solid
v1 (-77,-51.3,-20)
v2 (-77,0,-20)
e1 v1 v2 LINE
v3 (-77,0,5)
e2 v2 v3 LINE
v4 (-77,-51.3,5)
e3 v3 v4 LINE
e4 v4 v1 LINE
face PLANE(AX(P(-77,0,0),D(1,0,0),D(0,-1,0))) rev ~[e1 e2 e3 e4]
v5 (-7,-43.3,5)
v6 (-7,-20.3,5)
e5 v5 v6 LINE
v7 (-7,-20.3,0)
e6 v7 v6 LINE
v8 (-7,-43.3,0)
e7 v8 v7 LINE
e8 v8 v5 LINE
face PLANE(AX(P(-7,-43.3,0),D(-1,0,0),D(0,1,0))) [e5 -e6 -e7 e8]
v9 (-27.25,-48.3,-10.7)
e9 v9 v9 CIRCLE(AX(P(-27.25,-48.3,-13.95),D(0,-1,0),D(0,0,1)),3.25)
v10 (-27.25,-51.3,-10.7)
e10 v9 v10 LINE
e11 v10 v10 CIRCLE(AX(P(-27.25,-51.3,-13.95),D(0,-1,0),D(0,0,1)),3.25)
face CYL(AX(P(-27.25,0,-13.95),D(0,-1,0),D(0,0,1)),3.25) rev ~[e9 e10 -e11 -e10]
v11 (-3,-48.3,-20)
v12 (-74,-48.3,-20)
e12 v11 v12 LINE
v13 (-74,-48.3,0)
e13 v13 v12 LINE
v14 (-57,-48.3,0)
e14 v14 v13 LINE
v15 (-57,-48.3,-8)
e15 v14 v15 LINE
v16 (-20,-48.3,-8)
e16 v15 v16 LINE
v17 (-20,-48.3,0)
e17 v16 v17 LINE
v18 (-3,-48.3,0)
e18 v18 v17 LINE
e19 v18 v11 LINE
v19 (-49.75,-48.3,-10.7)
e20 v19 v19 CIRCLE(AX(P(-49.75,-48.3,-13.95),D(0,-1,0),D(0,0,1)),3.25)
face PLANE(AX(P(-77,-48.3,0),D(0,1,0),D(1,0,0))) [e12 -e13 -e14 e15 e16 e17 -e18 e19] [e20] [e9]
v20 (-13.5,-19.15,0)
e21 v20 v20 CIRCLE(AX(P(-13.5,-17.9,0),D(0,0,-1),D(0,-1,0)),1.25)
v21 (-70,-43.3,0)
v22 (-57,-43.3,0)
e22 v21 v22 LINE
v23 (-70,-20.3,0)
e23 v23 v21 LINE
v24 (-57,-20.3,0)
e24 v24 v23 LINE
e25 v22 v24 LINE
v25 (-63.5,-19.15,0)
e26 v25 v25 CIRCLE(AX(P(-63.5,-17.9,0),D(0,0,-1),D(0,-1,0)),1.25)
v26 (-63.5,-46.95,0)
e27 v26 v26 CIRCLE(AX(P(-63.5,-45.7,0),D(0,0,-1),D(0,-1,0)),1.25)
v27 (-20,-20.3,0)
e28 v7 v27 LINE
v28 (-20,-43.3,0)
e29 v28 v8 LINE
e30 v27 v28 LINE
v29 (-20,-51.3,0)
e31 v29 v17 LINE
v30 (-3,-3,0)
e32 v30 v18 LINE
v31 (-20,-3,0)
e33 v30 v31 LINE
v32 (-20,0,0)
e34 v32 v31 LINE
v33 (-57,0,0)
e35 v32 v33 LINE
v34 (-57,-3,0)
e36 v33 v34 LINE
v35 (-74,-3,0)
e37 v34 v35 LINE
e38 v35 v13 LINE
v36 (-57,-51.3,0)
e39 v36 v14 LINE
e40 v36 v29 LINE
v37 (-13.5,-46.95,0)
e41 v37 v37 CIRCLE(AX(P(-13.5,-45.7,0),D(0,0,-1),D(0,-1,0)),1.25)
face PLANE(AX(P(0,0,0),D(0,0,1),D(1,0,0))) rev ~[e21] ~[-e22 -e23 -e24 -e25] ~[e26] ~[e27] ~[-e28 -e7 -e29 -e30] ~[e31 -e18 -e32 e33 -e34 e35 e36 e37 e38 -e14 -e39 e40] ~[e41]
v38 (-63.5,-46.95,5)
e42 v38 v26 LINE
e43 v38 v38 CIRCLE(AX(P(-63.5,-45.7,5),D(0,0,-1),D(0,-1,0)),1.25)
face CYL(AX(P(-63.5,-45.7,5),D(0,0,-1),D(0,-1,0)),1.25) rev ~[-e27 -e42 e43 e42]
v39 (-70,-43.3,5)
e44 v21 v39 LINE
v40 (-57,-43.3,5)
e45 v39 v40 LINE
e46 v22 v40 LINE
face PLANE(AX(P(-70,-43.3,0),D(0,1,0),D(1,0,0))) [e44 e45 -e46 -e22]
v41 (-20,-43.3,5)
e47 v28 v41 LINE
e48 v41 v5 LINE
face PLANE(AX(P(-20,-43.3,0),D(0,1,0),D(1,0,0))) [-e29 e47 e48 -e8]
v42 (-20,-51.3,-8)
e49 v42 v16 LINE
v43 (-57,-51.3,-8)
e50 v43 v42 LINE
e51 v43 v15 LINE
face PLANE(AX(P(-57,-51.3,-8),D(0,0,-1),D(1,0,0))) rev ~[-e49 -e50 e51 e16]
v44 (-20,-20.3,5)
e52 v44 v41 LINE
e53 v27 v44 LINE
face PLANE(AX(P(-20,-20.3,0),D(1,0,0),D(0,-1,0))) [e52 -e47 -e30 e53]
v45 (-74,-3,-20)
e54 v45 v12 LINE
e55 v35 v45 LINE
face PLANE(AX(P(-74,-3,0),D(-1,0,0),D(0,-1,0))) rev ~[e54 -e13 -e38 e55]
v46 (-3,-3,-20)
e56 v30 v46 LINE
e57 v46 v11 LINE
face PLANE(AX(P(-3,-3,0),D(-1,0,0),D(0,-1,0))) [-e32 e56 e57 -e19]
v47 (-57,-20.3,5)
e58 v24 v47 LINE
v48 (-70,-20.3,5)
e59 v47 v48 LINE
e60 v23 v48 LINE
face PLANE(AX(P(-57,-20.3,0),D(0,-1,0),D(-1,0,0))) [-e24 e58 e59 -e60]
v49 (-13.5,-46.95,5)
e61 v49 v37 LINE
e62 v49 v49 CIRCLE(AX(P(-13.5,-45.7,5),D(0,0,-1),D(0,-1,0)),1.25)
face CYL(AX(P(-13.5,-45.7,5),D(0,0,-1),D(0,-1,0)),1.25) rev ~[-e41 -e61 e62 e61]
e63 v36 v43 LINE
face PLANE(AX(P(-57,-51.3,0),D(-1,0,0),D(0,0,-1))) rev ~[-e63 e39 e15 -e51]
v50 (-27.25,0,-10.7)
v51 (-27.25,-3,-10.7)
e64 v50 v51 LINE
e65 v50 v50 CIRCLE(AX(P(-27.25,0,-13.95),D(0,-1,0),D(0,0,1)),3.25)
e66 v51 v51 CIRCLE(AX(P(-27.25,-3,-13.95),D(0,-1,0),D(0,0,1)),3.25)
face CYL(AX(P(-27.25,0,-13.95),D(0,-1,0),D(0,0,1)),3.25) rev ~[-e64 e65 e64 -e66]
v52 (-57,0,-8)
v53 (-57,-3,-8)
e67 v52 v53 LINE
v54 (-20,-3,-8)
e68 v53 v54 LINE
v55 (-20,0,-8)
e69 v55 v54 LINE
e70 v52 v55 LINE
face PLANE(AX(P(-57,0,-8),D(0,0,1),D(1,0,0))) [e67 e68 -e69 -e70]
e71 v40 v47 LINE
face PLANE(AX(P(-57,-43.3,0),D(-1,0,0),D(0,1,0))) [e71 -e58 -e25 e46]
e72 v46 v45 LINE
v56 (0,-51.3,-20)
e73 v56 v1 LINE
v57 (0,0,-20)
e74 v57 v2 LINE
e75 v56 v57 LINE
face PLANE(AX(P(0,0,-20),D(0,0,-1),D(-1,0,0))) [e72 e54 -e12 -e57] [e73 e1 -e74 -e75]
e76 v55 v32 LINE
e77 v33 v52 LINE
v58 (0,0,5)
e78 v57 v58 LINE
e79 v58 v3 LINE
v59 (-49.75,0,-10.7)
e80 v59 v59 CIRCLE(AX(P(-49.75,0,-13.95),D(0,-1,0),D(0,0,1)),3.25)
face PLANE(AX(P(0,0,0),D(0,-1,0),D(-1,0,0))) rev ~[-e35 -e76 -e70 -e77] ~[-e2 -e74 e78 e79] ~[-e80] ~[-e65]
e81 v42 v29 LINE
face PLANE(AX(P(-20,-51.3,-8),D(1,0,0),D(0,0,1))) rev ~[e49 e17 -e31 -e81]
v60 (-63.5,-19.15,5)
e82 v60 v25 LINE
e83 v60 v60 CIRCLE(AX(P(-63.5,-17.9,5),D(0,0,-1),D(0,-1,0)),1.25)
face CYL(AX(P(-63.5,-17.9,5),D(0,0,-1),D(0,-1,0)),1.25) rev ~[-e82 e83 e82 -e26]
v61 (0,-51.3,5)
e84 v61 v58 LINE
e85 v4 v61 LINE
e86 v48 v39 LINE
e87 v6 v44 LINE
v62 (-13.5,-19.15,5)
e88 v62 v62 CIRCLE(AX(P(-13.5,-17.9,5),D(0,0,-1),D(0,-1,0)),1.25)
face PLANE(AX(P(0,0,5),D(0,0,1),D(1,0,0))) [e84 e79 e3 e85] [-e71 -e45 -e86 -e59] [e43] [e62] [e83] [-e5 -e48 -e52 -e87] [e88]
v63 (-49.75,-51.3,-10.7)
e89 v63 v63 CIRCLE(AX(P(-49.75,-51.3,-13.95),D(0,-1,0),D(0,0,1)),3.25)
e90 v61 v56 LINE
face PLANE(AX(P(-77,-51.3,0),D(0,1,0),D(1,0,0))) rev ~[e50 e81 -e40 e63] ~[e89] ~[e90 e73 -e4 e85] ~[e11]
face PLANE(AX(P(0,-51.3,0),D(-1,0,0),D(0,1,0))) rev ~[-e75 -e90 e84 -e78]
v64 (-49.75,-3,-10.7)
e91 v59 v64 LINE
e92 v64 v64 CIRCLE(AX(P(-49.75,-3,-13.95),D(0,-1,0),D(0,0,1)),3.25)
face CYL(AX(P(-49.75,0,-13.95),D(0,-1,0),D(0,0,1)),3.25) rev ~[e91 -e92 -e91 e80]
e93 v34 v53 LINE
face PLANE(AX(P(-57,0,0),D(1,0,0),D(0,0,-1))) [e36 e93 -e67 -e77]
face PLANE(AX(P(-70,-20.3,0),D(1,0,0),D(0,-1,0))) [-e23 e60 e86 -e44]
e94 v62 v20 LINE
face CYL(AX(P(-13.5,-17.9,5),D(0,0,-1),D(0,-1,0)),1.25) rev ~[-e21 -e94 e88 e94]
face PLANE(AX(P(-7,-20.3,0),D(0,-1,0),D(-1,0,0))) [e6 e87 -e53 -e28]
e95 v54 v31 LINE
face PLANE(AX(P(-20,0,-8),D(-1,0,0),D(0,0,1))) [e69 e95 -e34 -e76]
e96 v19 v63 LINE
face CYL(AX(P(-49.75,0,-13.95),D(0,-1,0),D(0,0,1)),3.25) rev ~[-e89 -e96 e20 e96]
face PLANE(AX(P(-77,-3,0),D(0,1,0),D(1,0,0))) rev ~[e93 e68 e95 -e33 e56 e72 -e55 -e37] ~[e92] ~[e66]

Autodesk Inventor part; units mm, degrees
ref_plane "YZ Plane" through (0, 0, 0) normal (1, 0, 0) x (0, 1, 0)
ref_plane "XZ Plane" through (0, 0, 0) normal (0, 1, 0) x (-1, 0, 0)
ref_plane "XY Plane" through (0, 0, 0) normal (0, 0, 1) x (1, 0, 0)
sketch "Sketch1" plane through (0, 0, 0) normal (0, 0, 1) x (1, 0, 0)
  line L0 (0, 0) -> (-77, 0)
  line L1 (-77, 0) -> (-77, -51.3)
  line L2 (-77, -51.3) -> (0, -51.3)
  line L3 (0, -51.3) -> (0, 0)
  line L4 (-7, -20.3) -> (-20, -20.3)
  line L5 (-20, -20.3) -> (-20, -43.3)
  line L6 (-20, -43.3) -> (-7, -43.3)
  line L7 (-7, -43.3) -> (-7, -20.3)
  line L8 (-57, -20.3) -> (-70, -20.3)
  line L9 (-70, -20.3) -> (-70, -43.3)
  line L10 (-70, -43.3) -> (-57, -43.3)
  line L11 (-57, -43.3) -> (-57, -20.3)
  point P0 (-7, -31.8)
  point P1 (0, -25.65)
  point P2 (-13.5, -20.3)
  point P3 (-63.5, -20.3)
  dimension "d1" = 51.3
  dimension "d4" = 23
  dimension "d5" = 13
  dimension "d7" = 7
  dimension "d18" = 50
  dimension "d19" = 7
  dimension "d20" = 8
extrude "Extrusion1" add sketch "Sketch1" along normal blind 5
sketch "Sketch3" plane through (0, 0, 5) normal (0, 0, 1) x (1, 0, 0)
  line L0 (-77, 0) -> (-77, -51.3) projected
  line L1 (-77, -51.3) -> (0, -51.3) projected
  line L2 (0, -51.3) -> (0, 0) projected
  line L3 (0, 0) -> (-77, 0) projected
  line L4 (-7, -20.3) -> (-7, -43.3) projected
  line L5 (-7, -43.3) -> (-20, -43.3) projected
  line L6 (-20, -43.3) -> (-20, -20.3) projected
  line L7 (-20, -20.3) -> (-7, -20.3) projected
  line L8 (-20, -20.3) -> (-7, -20.3) projected
  line L9 (-70, -20.3) -> (-57, -20.3) projected
  point P0 (-13.5, -17.9)
  point P1 (-13.5, -45.7)
  point P2 (-13.5, -20.3)
  point P3 (-13.5, -20.3)
  point P4 (-13.5, -43.3)
  point P5 (-63.5, -17.9)
  point P6 (-63.5, -45.7)
  point P7 (-63.5, -20.3)
  point P8 (-63.5, -20.3)
  dimension "d8" = 27.8
  dimension "d9" = 2.4
  dimension "d10" = 2.4
hole "Hole1" at (-13.5, -17.9, 5) at (-13.5, -45.7, 5) at (-63.5, -45.7, 5) at (-63.5, -17.9, 5) direction (0, 0, -1) diameter 2.5 end through all
sketch "Sketch4" plane through (-77, 0, 0) normal (0, 1, 0) x (1, 0, 0)
  line L0 (77, 0) -> (0, 0) projected
  line L1 (0, 0) -> (0, -5) projected
  line L2 (77, -5) -> (0, -5) projected
  line L3 (77, 0) -> (77, -5) projected
  line L4 (77, 20) -> (0, 20)
  line L5 (0, 20) -> (0, 8)
  line L6 (0, 8) -> (77, 8)
  line L7 (77, 8) -> (77, 20)
  line L8 (0, 0) -> (77, 0) projected
  line L9 (77, 8) -> (57, 8)
  line L10 (57, 8) -> (57, 0)
  line L11 (57, 0) -> (77, 0)
  line L12 (77, 0) -> (77, 8)
  line L13 (0, 0) -> (20, 0)
  line L14 (20, 0) -> (20, 8)
  line L15 (20, 8) -> (0, 8)
  line L16 (0, 8) -> (0, 0)
  circle A0 centre (27.25, 13.95) radius 3.25
  point P0 (77, 4)
  point P1 (57, 8)
  dimension "d21" = 12
  dimension "d22" = 8
  dimension "d23" = 20
  dimension "d24" = 20
  dimension "d41" = 5.95
extrude "Extrusion2" add sketch "Sketch4" against normal blind 3 contours L0 L10 L6 L12 | L6 L5 L4 L7 | L0 L16 L6 L14 | A0
extrude "Extrusion3" add sketch "Sketch4" along normal blind 3 from surface at -51.3 contours L0 L10 L6 L12 | L6 L5 L4 L7 | L0 L16 L6 L14 | A0
sketch "Sketch5" plane through (0, 0, 0) normal (0, 0, -1) x (-1, 0, 0)
  line L0 (0, 0) -> (77, 0) projected
  line L1 (0, 0) -> (0, -3) projected
  line L2 (77, -3) -> (0, -3) projected
  line L3 (77, 0) -> (77, -3) projected
  line L4 (20, 0) -> (20, -3) projected
  line L5 (57, 0) -> (57, -3) projected
  line L6 (0, -48.3) -> (77, -48.3) projected
  line L7 (20, -3) -> (0, -3)
  line L8 (0, -3) -> (0, -48.3)
  line L9 (0, -48.3) -> (20, -48.3)
  line L10 (20, -48.3) -> (20, -3)
  line L11 (20, -3) -> (57, -3) projected
  line L12 (57, -3) -> (77, -3)
  line L13 (77, -3) -> (77, -48.3)
  line L14 (77, -48.3) -> (57, -48.3)
  line L15 (57, -48.3) -> (57, -3)
  line L16 (0, -3) -> (3, -3)
  line L17 (3, -3) -> (3, -48.3)
  line L18 (3, -48.3) -> (0, -48.3)
  line L19 (0, -48.3) -> (0, -3)
  line L20 (77, -3) -> (74, -3)
  line L21 (74, -3) -> (74, -48.3)
  line L22 (74, -48.3) -> (77, -48.3)
  line L23 (77, -48.3) -> (77, -3)
  point P0 (0, -3)
  point P1 (20, -48.3)
  point P2 (3, -48.3)
  dimension "d42" = 3
  dimension "d43" = 3
extrude "Extrusion4" add sketch "Sketch5" along normal up to surface (20 mm away) contours L2 L17 L6 L8 | L13 L6 L21 L2
sketch "Sketch6" plane through (-77, 0, 5) normal (0, 1, 0) x (1, 0, 0)
  line L0 (20, 5) -> (20, 13) projected
  line L1 (20, 13) -> (57, 13) projected
  line L2 (57, 13) -> (57, 5) projected
  line L3 (57, 5) -> (20, 5) projected
  line L4 (0, 25) -> (0, 0) projected
  line L5 (77, 0) -> (0, 0) projected
  line L6 (77, 25) -> (77, 0) projected
  line L7 (77, 25) -> (0, 25) projected
  point P0 (77, 5)
  point P1 (49.75, 18.95)
  point P2 (27.25, 18.95)
  dimension "d31" = 27.25
  dimension "d32" = 27.25
  dimension "d33" = 6.05
hole "Hole2" at (-27.25, 0, -13.95) at (-49.75, 0, -13.95) direction (0, -1, 0) diameter 6.5 end through all
equation "\"d19\" = d7"
equation "\"d10\" = d9"
equation "\"d23\" = d24"
equation "\"d43\" = d42"
equation "\"d32\" = d31"
properties part number "Test Frame_3DPrint"
